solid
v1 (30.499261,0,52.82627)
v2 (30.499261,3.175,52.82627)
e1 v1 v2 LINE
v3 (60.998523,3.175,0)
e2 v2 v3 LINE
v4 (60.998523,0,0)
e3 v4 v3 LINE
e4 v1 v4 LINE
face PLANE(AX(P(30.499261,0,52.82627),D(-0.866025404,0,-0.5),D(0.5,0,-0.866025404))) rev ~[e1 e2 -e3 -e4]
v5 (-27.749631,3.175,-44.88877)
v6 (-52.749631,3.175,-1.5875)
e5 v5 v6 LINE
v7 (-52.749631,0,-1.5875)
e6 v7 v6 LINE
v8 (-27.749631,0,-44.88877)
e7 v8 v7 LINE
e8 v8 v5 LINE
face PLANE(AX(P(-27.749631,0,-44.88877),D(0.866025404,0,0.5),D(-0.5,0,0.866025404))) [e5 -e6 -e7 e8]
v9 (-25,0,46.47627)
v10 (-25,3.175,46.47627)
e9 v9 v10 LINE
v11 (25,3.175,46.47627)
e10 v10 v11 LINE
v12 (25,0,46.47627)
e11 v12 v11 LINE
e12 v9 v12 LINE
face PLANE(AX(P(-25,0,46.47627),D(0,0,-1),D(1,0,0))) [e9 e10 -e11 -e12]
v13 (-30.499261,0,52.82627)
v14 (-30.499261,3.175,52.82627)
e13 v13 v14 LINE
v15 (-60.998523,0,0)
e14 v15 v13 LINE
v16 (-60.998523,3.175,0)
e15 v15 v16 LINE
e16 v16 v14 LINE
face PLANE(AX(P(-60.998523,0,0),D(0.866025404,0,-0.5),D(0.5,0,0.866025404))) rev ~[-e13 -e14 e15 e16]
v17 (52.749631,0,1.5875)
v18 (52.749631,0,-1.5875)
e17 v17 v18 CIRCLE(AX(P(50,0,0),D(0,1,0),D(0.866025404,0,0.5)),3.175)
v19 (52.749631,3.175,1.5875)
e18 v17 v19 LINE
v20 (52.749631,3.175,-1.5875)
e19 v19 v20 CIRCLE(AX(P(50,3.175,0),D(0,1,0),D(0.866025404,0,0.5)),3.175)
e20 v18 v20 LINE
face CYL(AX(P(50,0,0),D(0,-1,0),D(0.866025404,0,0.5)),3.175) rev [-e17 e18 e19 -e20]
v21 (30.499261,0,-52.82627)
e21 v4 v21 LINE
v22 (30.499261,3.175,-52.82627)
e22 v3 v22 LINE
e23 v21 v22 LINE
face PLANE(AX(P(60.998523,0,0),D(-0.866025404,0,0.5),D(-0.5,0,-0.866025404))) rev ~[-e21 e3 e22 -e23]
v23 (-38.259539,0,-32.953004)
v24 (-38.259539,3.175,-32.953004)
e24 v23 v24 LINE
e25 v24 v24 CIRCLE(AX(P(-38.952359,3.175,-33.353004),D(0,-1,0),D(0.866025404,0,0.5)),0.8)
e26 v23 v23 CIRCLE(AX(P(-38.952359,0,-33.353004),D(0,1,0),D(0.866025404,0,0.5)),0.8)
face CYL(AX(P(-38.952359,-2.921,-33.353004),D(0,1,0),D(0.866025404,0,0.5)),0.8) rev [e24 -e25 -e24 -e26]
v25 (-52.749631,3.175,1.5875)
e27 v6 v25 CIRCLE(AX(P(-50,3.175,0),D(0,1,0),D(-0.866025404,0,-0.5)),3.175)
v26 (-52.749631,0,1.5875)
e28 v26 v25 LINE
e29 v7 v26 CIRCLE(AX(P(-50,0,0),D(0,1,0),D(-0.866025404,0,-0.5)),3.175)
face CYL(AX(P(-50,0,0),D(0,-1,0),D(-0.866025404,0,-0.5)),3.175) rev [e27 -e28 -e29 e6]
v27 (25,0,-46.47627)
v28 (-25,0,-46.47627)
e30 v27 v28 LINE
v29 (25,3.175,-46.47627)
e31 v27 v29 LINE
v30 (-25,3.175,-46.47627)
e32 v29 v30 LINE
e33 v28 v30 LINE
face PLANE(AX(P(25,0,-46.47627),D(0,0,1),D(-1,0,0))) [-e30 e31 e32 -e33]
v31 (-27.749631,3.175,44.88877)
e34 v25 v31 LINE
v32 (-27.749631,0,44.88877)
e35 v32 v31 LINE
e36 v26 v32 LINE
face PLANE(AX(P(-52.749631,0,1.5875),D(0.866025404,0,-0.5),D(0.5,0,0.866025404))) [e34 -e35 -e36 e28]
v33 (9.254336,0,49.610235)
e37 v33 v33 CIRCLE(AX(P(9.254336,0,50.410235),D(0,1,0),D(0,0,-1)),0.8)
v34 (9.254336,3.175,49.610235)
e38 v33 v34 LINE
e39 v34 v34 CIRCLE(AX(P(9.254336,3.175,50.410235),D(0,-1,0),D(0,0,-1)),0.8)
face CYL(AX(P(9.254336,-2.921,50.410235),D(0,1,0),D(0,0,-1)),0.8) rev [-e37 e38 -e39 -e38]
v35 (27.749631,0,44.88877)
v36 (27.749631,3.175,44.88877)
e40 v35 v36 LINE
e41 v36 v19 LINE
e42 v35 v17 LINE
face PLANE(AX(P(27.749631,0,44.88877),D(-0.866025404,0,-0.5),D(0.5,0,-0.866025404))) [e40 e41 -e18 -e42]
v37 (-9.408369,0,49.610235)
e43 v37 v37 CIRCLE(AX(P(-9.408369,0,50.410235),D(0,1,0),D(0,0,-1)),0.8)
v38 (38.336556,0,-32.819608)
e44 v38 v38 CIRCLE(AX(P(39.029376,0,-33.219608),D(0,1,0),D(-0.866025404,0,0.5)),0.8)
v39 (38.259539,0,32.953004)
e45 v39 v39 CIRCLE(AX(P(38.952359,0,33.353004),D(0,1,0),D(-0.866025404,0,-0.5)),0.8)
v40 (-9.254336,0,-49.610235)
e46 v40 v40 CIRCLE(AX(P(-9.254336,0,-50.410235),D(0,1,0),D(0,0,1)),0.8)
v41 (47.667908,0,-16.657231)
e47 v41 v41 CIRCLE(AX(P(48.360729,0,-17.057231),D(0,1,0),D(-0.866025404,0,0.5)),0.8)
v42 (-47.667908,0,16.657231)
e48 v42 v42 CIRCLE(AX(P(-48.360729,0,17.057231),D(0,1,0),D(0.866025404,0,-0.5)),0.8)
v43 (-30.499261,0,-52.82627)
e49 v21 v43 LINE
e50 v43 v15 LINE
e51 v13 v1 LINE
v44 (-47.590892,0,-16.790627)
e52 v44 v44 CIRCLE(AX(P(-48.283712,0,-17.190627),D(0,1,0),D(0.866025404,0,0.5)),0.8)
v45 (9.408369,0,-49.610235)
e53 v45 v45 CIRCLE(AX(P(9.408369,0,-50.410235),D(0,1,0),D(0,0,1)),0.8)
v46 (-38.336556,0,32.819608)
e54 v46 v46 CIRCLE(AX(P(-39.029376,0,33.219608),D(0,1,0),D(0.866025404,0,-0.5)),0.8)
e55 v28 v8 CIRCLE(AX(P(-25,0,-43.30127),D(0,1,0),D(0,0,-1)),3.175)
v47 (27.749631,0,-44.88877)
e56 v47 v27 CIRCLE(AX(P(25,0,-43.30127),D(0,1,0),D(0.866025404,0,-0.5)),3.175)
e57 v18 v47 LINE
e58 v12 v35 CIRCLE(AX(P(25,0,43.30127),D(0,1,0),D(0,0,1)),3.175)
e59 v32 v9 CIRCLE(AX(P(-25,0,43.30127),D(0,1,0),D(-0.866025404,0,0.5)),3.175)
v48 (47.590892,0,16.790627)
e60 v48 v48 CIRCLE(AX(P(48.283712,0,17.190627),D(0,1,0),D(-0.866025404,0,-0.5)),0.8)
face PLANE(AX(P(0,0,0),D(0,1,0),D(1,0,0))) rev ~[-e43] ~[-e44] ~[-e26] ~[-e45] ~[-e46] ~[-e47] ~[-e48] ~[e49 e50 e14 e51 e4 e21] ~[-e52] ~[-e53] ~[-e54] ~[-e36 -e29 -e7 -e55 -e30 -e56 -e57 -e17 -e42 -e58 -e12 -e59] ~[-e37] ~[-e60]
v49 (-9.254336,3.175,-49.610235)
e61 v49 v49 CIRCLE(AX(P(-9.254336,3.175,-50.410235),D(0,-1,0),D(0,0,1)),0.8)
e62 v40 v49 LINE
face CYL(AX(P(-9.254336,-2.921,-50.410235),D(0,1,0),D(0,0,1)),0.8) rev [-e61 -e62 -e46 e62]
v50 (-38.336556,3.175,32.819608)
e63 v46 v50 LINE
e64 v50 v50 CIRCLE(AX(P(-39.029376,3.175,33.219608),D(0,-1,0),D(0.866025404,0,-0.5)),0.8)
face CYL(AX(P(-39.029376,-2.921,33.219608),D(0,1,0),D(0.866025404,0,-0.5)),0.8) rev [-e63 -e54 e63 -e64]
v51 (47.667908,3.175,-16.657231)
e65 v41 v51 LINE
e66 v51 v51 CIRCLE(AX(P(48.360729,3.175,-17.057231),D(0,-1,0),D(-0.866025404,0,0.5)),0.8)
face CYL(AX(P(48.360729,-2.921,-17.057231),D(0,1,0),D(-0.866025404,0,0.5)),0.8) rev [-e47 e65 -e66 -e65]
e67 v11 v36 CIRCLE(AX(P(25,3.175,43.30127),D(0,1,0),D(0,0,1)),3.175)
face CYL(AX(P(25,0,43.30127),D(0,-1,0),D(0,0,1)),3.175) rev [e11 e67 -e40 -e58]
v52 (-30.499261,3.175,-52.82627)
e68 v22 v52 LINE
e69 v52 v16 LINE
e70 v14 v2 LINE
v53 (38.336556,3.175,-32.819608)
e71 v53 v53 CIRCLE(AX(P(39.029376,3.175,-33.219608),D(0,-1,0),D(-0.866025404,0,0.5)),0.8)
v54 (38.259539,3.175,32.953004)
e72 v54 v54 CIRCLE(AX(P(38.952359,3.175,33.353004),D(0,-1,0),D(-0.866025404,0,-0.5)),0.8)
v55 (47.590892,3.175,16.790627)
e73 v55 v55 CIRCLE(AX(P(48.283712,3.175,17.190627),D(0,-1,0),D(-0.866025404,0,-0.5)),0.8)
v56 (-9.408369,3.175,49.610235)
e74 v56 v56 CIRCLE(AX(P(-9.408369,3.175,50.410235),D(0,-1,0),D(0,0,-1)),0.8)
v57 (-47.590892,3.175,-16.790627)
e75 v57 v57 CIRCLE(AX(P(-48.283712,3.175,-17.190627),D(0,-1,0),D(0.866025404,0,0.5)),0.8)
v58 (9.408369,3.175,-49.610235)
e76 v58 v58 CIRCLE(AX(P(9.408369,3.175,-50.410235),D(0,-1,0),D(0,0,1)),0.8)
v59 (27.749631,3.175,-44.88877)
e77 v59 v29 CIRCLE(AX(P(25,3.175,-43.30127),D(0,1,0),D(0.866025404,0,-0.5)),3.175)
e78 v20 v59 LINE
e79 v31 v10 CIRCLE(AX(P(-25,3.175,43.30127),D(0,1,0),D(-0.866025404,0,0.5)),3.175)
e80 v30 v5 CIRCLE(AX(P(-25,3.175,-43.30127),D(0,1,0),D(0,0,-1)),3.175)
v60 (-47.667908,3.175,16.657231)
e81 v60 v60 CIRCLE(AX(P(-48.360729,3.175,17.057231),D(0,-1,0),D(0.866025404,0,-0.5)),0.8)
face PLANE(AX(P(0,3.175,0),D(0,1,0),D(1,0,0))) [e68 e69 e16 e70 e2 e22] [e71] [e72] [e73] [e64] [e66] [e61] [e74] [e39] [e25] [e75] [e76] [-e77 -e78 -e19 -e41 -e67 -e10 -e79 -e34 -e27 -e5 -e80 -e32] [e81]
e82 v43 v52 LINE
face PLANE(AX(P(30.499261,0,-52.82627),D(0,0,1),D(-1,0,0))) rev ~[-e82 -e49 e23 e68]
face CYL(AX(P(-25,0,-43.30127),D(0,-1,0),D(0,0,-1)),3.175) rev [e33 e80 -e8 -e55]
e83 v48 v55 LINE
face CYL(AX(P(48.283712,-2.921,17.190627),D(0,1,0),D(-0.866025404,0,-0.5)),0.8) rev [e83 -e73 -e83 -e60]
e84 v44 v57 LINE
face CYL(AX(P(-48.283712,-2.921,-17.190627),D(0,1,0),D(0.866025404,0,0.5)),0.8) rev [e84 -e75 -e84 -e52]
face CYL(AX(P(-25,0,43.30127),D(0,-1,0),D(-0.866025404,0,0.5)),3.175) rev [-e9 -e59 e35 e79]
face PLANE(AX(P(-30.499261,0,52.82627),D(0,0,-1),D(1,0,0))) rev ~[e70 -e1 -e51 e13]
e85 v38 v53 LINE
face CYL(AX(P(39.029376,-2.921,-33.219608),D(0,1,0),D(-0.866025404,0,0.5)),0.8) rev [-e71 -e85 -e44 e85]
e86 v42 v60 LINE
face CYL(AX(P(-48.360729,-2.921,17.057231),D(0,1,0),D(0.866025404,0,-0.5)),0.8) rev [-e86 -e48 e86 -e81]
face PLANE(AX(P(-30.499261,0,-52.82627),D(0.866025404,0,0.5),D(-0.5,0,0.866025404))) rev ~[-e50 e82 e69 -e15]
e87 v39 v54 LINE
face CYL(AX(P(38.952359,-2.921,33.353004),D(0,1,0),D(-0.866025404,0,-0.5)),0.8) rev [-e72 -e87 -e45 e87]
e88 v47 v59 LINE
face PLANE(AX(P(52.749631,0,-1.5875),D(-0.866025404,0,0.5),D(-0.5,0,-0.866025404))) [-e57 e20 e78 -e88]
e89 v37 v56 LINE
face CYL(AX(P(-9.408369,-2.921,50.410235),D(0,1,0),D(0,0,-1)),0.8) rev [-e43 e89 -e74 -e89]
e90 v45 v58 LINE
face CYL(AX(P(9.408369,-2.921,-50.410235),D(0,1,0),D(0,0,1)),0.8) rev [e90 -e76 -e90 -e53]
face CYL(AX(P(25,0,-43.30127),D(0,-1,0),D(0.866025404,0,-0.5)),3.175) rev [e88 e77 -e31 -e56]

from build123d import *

# Parameters (mm, degrees)
BOSS_EXTRUDE1_DEPTH            = 3.175
M2X0_4_TAPPED_HOLE1_AT_2_COUNT = 2
M2X0_4_TAPPED_HOLE1_AT_2_PITCH = 18.662705418
CIRPATTERN1_COUNT              = 6


with BuildPart() as part:
    # Sketch1 → Boss-Extrude1 (new body)
    with BuildSketch(Plane(origin=(0, 0, 0), x_dir=(1, 0, 0), z_dir=(0, 1, 0))):
        Polygon((60.998522628, 0), (30.499261314, 52.826270189), (-30.499261314, 52.826270189), (-60.998522628, 0), (-30.499261314, -52.826270189), (30.499261314, -52.826270189), align=None)
        with BuildLine():
            Line((52.749630657, 1.5875), (27.749630657, 44.888770189))
            ThreePointArc((27.749630657, 44.888770189), (26.5875, 46.050900846), (25, 46.476270189))
            Line((25, 46.476270189), (-25, 46.476270189))
            ThreePointArc((-25, 46.476270189), (-26.5875, 46.050900846), (-27.749630657, 44.888770189))
            Line((-27.749630657, 44.888770189), (-52.749630657, 1.5875))
            ThreePointArc((-52.749630657, 1.5875), (-53.175, 0), (-52.749630657, -1.5875))
            Line((-52.749630657, -1.5875), (-27.749630657, -44.888770189))
            ThreePointArc((-27.749630657, -44.888770189), (-26.5875, -46.050900846), (-25, -46.476270189))
            Line((-25, -46.476270189), (25, -46.476270189))
            ThreePointArc((25, -46.476270189), (26.5875, -46.050900846), (27.749630657, -44.888770189))
            Line((27.749630657, -44.888770189), (52.749630657, -1.5875))
            ThreePointArc((52.749630657, -1.5875), (53.175, 0), (52.749630657, 1.5875))
        make_face(mode=Mode.SUBTRACT)
    extrude(amount=BOSS_EXTRUDE1_DEPTH)

    # Sketch2 → M2x0.4 Tapped Hole1 (revolve, cut)
    with BuildSketch(Plane(origin=(9.408369434, 3.175, -50.410234914), x_dir=(0, 0, 1), z_dir=(1, 0, 0))):
        Polygon((0, 0), (0, 6.576688495), (0.8, 6.096), (0.8, 0), align=None)
    m2x0_4_tapped_hole1 = revolve(axis=Axis((9.408369434, 9.525, -50.410234914), (0, -1, 0)), mode=Mode.SUBTRACT)

    # M2x0.4 Tapped Hole1 at 2: M2x0.4 Tapped Hole1 ×2
    with Locations(*[(-i * M2X0_4_TAPPED_HOLE1_AT_2_PITCH, 0, 0) for i in range(1, M2X0_4_TAPPED_HOLE1_AT_2_COUNT)]):
        add(m2x0_4_tapped_hole1, mode=Mode.SUBTRACT)

    # CirPattern1: M2x0.4 Tapped Hole1 ×6 about axis
    cirpattern1_axis = Axis((0, 0, 0), (0, 1, 0))
    for i in range(1, CIRPATTERN1_COUNT):
        add(m2x0_4_tapped_hole1.rotate(cirpattern1_axis, i * 360 / CIRPATTERN1_COUNT), mode=Mode.SUBTRACT)

    # CirPattern1 copy 1 sketch → CirPattern1 copy 1 (revolve, cut)
    with BuildSketch(Plane(origin=(-48.283712038, 3.175, -17.1906274), x_dir=(0.866025404, 0, 0.5), z_dir=(0.5, 0, -0.866025404))):
        Polygon((0, 0), (0, 6.576688495), (0.8, 6.096), (0.8, 0), align=None)
    revolve(axis=Axis((-48.283712038, 9.525, -17.1906274), (0, -1, 0)), mode=Mode.SUBTRACT)

    # CirPattern1 copy 2 sketch → CirPattern1 copy 2 (revolve, cut)
    with BuildSketch(Plane(origin=(-39.029376054, 3.175, 33.219607514), x_dir=(0.866025404, 0, -0.5), z_dir=(-0.5, 0, -0.866025404))):
        Polygon((0, 0), (0, 6.576688495), (0.8, 6.096), (0.8, 0), align=None)
    revolve(axis=Axis((-39.029376054, 9.525, 33.219607514), (0, -1, 0)), mode=Mode.SUBTRACT)

    # CirPattern1 copy 3 sketch → CirPattern1 copy 3 (revolve, cut)
    with BuildSketch(Plane(origin=(9.254335984, 3.175, 50.410234914), x_dir=(0, 0, -1), z_dir=(-1, 0, 0))):
        Polygon((0, 0), (0, 6.576688495), (0.8, 6.096), (0.8, 0), align=None)
    revolve(axis=Axis((9.254335984, 9.525, 50.410234914), (0, -1, 0)), mode=Mode.SUBTRACT)

    # CirPattern1 copy 4 sketch → CirPattern1 copy 4 (revolve, cut)
    with BuildSketch(Plane(origin=(48.283712038, 3.175, 17.1906274), x_dir=(-0.866025404, 0, -0.5), z_dir=(-0.5, 0, 0.866025404))):
        Polygon((0, 0), (0, 6.576688495), (0.8, 6.096), (0.8, 0), align=None)
    revolve(axis=Axis((48.283712038, 9.525, 17.1906274), (0, -1, 0)), mode=Mode.SUBTRACT)

    # CirPattern1 copy 5 sketch → CirPattern1 copy 5 (revolve, cut)
    with BuildSketch(Plane(origin=(39.029376054, 3.175, -33.219607514), x_dir=(-0.866025404, 0, 0.5), z_dir=(0.5, 0, 0.866025404))):
        Polygon((0, 0), (0, 6.576688495), (0.8, 6.096), (0.8, 0), align=None)
    revolve(axis=Axis((39.029376054, 9.525, -33.219607514), (0, -1, 0)), mode=Mode.SUBTRACT)


solid = part.part
